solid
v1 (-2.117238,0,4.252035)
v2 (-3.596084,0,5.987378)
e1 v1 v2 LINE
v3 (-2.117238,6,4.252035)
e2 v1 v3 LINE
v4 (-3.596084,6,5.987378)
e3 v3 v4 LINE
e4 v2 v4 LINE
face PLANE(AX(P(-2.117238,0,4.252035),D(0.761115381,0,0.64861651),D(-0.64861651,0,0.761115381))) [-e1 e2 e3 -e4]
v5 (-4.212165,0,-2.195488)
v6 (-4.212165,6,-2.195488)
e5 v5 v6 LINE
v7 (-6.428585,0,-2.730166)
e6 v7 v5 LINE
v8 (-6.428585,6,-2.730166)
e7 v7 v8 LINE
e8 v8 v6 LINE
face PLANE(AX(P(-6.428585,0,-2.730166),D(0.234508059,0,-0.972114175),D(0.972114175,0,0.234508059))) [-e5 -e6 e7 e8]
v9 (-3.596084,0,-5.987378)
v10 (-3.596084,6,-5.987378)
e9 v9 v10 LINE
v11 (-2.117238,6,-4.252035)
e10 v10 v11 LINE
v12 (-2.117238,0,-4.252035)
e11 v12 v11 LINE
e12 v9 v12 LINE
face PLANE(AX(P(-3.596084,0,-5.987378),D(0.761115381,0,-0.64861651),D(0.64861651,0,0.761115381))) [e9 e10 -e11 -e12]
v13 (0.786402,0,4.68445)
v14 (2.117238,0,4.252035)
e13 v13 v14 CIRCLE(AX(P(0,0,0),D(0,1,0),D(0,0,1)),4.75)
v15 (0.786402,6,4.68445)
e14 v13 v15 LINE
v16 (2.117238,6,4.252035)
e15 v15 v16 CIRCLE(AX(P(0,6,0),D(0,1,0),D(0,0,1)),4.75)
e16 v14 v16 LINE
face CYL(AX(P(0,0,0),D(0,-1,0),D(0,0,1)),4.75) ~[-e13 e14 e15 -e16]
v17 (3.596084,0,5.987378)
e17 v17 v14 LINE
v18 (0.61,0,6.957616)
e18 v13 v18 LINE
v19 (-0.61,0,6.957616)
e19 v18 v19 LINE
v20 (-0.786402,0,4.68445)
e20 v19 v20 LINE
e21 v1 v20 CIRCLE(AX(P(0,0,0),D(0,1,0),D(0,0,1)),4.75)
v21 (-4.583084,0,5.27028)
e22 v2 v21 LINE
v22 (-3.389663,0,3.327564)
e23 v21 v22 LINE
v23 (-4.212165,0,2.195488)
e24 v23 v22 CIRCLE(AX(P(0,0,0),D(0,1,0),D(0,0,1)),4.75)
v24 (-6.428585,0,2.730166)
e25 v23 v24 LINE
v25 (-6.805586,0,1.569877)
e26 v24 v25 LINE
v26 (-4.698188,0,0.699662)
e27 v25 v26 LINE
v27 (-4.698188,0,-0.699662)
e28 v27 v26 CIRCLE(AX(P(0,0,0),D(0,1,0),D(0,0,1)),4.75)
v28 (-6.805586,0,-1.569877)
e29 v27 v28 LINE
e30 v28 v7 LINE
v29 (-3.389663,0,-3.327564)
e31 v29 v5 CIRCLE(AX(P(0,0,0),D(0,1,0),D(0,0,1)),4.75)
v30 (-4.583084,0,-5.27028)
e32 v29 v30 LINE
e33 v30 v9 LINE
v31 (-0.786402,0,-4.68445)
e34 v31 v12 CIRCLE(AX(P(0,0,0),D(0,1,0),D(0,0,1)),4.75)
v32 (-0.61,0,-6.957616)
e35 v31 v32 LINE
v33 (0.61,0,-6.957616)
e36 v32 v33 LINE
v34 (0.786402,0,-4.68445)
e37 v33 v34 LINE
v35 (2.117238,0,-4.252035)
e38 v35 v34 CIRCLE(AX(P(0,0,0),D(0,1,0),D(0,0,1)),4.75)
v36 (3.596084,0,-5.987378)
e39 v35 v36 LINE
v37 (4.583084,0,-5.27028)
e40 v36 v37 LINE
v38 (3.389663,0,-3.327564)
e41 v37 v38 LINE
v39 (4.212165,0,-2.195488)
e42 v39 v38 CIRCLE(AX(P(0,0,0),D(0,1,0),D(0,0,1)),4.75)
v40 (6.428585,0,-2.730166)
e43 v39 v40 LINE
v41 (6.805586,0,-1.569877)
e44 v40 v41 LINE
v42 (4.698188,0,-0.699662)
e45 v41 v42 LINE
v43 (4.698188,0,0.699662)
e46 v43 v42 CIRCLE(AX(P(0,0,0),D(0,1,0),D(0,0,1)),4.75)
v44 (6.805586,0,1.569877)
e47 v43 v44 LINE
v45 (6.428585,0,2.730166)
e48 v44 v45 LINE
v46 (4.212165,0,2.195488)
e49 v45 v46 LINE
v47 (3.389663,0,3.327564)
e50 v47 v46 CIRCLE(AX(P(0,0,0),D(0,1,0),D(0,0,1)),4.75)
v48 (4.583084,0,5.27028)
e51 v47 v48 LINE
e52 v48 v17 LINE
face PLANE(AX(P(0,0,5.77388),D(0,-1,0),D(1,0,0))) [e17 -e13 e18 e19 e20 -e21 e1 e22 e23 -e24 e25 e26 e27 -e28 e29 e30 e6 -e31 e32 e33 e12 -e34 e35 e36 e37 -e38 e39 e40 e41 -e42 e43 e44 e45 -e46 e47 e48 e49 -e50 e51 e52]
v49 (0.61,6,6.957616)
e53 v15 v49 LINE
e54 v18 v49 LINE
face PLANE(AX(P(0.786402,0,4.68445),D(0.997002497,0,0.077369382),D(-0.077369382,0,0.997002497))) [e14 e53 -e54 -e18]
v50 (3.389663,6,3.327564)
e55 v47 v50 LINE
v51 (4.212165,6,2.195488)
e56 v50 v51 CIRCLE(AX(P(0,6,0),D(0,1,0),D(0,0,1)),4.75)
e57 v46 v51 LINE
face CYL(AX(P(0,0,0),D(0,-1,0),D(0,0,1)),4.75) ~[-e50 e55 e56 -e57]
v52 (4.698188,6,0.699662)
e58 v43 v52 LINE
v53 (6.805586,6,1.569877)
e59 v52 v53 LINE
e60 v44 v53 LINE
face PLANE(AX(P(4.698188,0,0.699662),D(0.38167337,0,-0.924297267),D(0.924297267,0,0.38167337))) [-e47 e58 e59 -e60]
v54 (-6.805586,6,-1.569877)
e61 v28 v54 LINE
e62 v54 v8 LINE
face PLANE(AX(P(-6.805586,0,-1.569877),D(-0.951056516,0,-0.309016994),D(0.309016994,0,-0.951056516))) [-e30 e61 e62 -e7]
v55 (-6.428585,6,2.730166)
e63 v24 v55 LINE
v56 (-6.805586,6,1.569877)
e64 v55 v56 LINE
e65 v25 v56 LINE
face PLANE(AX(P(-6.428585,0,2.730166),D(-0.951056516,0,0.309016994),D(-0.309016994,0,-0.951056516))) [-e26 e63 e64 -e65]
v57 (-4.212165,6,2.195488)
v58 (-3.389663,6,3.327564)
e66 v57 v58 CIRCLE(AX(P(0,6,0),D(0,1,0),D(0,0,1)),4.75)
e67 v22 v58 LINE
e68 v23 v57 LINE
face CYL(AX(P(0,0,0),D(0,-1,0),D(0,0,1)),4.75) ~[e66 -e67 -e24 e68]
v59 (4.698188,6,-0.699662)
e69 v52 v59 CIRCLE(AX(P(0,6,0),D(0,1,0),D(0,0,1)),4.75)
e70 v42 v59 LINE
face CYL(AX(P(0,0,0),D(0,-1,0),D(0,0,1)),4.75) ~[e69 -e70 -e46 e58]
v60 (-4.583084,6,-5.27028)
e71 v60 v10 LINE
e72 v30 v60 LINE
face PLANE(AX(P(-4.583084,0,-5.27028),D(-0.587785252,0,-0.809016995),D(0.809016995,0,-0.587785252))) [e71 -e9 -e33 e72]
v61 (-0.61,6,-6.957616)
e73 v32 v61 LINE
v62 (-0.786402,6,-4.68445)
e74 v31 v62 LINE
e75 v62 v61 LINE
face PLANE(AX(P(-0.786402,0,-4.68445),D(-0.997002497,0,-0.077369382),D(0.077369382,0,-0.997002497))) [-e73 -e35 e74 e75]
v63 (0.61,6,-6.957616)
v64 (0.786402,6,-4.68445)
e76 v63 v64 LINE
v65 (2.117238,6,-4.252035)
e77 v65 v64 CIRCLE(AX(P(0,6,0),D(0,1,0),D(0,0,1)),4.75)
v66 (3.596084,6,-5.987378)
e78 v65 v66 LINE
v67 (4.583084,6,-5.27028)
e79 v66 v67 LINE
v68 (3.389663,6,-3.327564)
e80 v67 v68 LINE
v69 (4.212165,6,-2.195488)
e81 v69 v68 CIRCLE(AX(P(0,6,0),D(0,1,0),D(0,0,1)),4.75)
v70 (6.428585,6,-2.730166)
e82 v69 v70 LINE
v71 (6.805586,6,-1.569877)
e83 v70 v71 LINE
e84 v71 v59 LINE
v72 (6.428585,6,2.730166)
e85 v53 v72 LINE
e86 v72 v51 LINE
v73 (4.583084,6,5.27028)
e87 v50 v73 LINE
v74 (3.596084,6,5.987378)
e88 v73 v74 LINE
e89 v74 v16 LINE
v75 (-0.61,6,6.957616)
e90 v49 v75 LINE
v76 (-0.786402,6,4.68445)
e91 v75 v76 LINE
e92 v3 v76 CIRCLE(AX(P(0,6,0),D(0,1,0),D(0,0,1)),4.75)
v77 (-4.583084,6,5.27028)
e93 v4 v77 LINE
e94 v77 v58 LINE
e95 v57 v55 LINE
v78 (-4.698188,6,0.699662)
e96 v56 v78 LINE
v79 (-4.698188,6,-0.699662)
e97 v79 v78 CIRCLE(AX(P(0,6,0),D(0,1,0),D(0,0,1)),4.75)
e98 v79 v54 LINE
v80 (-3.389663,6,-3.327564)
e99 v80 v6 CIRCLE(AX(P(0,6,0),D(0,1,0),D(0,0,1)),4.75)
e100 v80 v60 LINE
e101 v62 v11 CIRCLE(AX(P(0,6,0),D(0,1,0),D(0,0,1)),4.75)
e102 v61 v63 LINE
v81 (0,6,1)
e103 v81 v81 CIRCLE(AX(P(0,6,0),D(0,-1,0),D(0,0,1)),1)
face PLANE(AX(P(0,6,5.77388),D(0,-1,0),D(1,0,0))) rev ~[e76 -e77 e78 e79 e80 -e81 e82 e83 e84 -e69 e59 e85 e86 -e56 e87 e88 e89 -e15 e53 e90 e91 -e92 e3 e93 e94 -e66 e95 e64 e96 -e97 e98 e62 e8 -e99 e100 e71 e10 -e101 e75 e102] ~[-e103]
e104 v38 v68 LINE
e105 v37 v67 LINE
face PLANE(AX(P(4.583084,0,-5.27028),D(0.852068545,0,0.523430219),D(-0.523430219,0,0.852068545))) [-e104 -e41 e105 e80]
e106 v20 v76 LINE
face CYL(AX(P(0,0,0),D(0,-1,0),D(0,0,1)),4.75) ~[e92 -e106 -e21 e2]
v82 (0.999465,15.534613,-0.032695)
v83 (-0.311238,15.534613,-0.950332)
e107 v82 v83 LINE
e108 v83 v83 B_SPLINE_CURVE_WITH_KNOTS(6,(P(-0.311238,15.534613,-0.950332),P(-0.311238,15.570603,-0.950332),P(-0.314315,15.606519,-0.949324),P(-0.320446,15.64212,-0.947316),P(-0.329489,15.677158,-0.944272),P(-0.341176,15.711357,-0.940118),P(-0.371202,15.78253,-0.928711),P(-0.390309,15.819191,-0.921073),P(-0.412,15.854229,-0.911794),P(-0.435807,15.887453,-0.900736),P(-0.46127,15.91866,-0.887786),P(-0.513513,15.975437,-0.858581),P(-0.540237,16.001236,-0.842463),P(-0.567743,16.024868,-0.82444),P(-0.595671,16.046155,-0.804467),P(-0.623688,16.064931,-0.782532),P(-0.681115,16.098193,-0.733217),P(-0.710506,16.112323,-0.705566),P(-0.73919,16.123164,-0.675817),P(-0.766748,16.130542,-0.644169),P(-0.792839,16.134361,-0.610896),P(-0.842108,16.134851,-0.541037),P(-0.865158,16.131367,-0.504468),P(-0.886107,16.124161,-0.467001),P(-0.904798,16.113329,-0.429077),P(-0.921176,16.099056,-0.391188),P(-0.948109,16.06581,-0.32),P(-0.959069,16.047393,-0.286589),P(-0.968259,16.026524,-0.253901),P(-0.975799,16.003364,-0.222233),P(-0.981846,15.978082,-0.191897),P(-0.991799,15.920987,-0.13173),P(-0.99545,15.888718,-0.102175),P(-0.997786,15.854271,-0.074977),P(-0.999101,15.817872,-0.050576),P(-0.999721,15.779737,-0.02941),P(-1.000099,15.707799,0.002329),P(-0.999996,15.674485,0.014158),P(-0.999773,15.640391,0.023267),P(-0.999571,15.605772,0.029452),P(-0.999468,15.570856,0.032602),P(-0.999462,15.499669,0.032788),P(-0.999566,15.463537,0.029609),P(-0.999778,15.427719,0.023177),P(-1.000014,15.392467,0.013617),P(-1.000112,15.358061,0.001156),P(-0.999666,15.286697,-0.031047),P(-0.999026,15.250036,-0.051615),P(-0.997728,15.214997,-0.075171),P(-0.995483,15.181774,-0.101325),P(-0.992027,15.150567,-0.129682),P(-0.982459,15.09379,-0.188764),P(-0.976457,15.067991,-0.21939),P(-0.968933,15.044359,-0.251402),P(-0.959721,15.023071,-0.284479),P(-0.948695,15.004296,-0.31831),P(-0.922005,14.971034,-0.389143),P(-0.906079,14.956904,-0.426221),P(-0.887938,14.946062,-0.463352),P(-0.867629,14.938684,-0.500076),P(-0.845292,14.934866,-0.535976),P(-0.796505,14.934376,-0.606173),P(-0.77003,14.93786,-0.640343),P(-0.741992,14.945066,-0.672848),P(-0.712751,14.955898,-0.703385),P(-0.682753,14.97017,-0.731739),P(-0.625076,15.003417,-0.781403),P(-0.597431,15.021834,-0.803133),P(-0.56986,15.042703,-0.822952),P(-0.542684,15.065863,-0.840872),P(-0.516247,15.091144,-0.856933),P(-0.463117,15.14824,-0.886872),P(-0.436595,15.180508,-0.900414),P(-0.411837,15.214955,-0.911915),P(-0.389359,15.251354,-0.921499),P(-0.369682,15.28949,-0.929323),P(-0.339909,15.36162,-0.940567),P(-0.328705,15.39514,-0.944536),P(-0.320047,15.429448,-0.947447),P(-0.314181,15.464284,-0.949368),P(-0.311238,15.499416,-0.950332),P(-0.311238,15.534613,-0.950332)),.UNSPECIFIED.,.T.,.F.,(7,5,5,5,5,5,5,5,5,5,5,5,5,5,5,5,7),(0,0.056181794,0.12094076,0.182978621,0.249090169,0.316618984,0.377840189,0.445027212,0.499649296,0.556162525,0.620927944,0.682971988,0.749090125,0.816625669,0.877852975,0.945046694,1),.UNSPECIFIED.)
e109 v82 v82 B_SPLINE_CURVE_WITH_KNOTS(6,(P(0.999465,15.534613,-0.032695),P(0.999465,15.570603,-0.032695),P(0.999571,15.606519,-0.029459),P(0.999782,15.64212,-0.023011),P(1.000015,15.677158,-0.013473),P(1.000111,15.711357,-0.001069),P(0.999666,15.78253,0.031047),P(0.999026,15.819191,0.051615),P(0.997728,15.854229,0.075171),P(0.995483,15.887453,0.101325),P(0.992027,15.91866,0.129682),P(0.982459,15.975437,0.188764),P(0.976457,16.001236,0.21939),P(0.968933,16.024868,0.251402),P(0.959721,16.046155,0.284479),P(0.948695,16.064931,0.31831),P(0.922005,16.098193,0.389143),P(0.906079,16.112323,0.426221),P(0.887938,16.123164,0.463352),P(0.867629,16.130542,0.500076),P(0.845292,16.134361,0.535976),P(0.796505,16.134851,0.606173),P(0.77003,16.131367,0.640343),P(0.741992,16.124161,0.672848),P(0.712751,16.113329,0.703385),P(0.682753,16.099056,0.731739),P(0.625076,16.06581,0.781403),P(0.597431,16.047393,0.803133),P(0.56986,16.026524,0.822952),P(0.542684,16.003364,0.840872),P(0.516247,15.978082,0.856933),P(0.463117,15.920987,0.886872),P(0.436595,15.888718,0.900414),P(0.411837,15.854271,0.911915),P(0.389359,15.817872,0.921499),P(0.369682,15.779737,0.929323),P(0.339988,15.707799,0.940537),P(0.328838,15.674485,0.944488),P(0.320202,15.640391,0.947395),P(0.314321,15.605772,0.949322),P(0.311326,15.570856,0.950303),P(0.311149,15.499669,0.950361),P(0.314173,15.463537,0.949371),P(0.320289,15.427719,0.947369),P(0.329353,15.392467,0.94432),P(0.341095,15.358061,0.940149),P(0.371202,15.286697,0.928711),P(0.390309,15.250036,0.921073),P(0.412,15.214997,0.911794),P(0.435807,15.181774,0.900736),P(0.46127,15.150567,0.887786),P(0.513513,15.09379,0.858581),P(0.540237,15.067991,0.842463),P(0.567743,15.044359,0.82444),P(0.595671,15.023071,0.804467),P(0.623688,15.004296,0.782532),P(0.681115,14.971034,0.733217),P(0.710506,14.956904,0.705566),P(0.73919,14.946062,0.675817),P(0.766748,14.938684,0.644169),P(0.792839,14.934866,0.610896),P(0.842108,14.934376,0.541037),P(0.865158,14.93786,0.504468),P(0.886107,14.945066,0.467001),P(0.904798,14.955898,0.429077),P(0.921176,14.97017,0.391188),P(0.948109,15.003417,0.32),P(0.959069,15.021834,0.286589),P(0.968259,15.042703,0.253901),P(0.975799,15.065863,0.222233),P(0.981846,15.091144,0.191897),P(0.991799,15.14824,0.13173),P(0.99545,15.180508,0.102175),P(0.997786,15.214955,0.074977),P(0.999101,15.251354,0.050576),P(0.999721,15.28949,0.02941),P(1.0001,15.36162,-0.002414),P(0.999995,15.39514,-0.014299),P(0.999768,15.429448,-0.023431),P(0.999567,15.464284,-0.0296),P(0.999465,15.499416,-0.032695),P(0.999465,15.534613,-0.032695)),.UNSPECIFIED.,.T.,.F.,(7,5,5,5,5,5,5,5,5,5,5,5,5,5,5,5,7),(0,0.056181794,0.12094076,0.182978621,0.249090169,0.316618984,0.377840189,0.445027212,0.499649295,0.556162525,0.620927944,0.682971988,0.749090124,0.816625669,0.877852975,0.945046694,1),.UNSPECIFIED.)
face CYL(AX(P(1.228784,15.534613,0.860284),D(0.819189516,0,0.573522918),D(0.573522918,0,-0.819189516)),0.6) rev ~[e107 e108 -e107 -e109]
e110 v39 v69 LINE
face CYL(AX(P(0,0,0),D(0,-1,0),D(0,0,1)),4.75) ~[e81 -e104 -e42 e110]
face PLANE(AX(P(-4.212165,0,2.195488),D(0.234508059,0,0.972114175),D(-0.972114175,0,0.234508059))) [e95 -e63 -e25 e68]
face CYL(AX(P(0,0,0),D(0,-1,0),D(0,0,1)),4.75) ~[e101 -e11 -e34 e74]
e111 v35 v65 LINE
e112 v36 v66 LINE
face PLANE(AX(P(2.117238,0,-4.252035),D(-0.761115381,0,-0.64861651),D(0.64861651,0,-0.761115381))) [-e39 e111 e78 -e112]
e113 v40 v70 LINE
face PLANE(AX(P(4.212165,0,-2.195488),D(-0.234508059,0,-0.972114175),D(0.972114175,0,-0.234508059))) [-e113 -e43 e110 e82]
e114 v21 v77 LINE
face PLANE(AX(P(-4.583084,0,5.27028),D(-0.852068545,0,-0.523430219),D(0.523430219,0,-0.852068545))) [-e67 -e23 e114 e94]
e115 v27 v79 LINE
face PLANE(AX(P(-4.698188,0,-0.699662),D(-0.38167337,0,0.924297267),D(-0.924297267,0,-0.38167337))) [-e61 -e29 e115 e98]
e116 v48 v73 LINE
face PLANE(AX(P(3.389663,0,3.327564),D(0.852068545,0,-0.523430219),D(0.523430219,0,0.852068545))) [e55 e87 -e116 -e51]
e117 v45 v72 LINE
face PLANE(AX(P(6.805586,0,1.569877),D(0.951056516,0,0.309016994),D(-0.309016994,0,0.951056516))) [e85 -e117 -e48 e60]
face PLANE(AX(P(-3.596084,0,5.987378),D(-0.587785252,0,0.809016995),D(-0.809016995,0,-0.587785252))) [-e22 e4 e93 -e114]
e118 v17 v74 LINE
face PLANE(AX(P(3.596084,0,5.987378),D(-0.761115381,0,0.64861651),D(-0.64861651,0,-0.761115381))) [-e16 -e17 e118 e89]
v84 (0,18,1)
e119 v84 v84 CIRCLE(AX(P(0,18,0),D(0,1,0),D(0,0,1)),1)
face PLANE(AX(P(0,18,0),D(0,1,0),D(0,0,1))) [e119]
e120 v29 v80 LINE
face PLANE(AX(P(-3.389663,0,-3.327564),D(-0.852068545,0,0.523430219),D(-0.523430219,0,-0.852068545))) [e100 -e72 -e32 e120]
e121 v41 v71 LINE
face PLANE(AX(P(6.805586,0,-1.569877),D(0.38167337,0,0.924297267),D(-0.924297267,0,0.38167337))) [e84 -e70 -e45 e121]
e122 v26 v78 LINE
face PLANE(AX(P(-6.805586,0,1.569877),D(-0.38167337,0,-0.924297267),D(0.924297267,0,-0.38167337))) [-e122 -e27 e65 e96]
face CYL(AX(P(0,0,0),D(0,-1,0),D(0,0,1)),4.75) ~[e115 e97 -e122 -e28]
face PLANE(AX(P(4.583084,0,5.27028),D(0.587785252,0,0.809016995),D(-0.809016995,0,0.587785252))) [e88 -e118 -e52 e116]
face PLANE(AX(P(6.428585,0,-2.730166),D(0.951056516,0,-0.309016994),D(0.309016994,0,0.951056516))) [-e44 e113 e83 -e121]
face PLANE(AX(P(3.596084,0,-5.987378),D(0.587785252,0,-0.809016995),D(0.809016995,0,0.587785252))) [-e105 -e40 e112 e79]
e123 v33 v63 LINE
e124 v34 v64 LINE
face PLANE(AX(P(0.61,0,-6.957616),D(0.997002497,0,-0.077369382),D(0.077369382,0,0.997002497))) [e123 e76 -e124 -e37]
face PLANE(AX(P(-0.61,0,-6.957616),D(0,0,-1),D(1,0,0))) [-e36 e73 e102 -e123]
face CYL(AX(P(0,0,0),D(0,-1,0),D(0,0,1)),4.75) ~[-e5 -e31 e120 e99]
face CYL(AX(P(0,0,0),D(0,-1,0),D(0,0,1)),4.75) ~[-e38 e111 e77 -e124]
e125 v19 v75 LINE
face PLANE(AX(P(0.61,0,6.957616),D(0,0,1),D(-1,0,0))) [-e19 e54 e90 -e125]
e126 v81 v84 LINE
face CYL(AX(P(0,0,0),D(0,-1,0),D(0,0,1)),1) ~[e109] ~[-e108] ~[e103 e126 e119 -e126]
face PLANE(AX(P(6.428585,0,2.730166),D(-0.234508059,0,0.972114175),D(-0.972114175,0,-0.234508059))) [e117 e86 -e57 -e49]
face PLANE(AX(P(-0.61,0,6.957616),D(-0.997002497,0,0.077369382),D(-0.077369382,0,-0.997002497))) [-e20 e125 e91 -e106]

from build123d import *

# Parameters (mm, degrees)
SKETCH1_R           = 4.75
GEAR_ROOT_DEPTH     = 6
SKETCH3_R           = 1
NEEDLE_SHAFT_DEPTH  = 18
BOSS_EXTRUDE1_DEPTH = 6
SKETCH7_R           = 0.6
CUT_EXTRUDE1_DEPTH  = 10


with BuildPart() as part:
    # Sketch1 → GEAR_ROOT (new body)
    with BuildSketch(Plane(origin=(0, 0, 0), x_dir=(1, 0, 0), z_dir=(0, 1, 0))):
        with Locations(Location((0, 0, 0), (0, 0, 270))):
            Circle(SKETCH1_R)
    extrude(amount=GEAR_ROOT_DEPTH)

    # Sketch3 → NEEDLE_SHAFT (add)
    with BuildSketch(Plane(origin=(0, 0, 0), x_dir=(1, 0, 0), z_dir=(0, 1, 0))):
        with Locations(Location((0, 0, 0), (0, 0, 270))):
            Circle(SKETCH3_R)
    extrude(amount=NEEDLE_SHAFT_DEPTH)

    # Sketch6 → Boss-Extrude1 (add)
    with BuildSketch(Plane.XZ):
        with BuildLine():
            Line((0.61, 6.95761567), (-0.61, 6.95761567))
            Line((-0.61, 6.95761567), (-0.786402192, 4.684449978))
            ThreePointArc((-0.786402192, 4.684449978), (0, 4.75), (0.786402192, 4.684449978))
            Line((0.786402192, 4.684449978), (0.61, 6.95761567))
        make_face()
        with BuildLine():
            Line((4.583084249, 5.270280314), (3.596083516, 5.987378321))
            Line((3.596083516, 5.987378321), (2.117237874, 4.252035252))
            ThreePointArc((2.117237874, 4.252035252), (2.791979948, 3.842830723), (3.38966335, 3.32756403))
            Line((3.38966335, 3.32756403), (4.583084249, 5.270280314))
        make_face()
        with BuildLine():
            Line((6.805586088, 1.569877008), (6.428585355, 2.730165957))
            Line((6.428585355, 2.730165957), (4.212165035, 2.195487582))
            ThreePointArc((4.212165035, 2.195487582), (4.517518452, 1.467830723), (4.698188318, 0.699661723))
            Line((4.698188318, 0.699661723), (6.805586088, 1.569877008))
        make_face()
        with BuildLine():
            Line((6.428585355, -2.730165957), (6.805586088, -1.569877008))
            Line((6.805586088, -1.569877008), (4.698188318, -0.699661723))
            ThreePointArc((4.698188318, -0.699661723), (4.517518452, -1.467830723), (4.212165035, -2.195487582))
            Line((4.212165035, -2.195487582), (6.428585355, -2.730165957))
        make_face()
        with BuildLine():
            Line((3.596083516, -5.987378321), (4.583084249, -5.270280314))
            Line((4.583084249, -5.270280314), (3.38966335, -3.32756403))
            ThreePointArc((3.38966335, -3.32756403), (2.791979948, -3.842830723), (2.117237874, -4.252035252))
            Line((2.117237874, -4.252035252), (3.596083516, -5.987378321))
        make_face()
        with BuildLine():
            Line((-0.61, -6.95761567), (0.61, -6.95761567))
            Line((0.61, -6.95761567), (0.786402192, -4.684449978))
            ThreePointArc((0.786402192, -4.684449978), (0, -4.75), (-0.786402192, -4.684449978))
            Line((-0.786402192, -4.684449978), (-0.61, -6.95761567))
        make_face()
        with BuildLine():
            Line((-4.583084249, -5.270280314), (-3.596083516, -5.987378321))
            Line((-3.596083516, -5.987378321), (-2.117237874, -4.252035252))
            ThreePointArc((-2.117237874, -4.252035252), (-2.791979948, -3.842830723), (-3.38966335, -3.32756403))
            Line((-3.38966335, -3.32756403), (-4.583084249, -5.270280314))
        make_face()
        with BuildLine():
            Line((-6.805586088, -1.569877008), (-6.428585355, -2.730165957))
            Line((-6.428585355, -2.730165957), (-4.212165035, -2.195487582))
            ThreePointArc((-4.212165035, -2.195487582), (-4.517518452, -1.467830723), (-4.698188318, -0.699661723))
            Line((-4.698188318, -0.699661723), (-6.805586088, -1.569877008))
        make_face()
        with BuildLine():
            Line((-6.428585355, 2.730165957), (-6.805586088, 1.569877008))
            Line((-6.805586088, 1.569877008), (-4.698188318, 0.699661723))
            ThreePointArc((-4.698188318, 0.699661723), (-4.517518452, 1.467830723), (-4.212165035, 2.195487582))
            Line((-4.212165035, 2.195487582), (-6.428585355, 2.730165957))
        make_face()
        with BuildLine():
            Line((-3.596083516, 5.987378321), (-4.583084249, 5.270280314))
            Line((-4.583084249, 5.270280314), (-3.38966335, 3.32756403))
            ThreePointArc((-3.38966335, 3.32756403), (-2.791979948, 3.842830723), (-2.117237874, 4.252035252))
            Line((-2.117237874, 4.252035252), (-3.596083516, 5.987378321))
        make_face()
    extrude(amount=-BOSS_EXTRUDE1_DEPTH)

    # Sketch7 → Cut-Extrude1 (cut)
    with BuildSketch(Plane(origin=(1.228784274, 0, 0.860284377), x_dir=(0.5735229177482851, 0, -0.8191895158127294), z_dir=(0.8191895158127294, 0, 0.5735229177482851))):
        with Locations((0, 15.53461336)):
            Circle(SKETCH7_R)
    extrude(amount=-CUT_EXTRUDE1_DEPTH, mode=Mode.SUBTRACT)


solid = part.part
